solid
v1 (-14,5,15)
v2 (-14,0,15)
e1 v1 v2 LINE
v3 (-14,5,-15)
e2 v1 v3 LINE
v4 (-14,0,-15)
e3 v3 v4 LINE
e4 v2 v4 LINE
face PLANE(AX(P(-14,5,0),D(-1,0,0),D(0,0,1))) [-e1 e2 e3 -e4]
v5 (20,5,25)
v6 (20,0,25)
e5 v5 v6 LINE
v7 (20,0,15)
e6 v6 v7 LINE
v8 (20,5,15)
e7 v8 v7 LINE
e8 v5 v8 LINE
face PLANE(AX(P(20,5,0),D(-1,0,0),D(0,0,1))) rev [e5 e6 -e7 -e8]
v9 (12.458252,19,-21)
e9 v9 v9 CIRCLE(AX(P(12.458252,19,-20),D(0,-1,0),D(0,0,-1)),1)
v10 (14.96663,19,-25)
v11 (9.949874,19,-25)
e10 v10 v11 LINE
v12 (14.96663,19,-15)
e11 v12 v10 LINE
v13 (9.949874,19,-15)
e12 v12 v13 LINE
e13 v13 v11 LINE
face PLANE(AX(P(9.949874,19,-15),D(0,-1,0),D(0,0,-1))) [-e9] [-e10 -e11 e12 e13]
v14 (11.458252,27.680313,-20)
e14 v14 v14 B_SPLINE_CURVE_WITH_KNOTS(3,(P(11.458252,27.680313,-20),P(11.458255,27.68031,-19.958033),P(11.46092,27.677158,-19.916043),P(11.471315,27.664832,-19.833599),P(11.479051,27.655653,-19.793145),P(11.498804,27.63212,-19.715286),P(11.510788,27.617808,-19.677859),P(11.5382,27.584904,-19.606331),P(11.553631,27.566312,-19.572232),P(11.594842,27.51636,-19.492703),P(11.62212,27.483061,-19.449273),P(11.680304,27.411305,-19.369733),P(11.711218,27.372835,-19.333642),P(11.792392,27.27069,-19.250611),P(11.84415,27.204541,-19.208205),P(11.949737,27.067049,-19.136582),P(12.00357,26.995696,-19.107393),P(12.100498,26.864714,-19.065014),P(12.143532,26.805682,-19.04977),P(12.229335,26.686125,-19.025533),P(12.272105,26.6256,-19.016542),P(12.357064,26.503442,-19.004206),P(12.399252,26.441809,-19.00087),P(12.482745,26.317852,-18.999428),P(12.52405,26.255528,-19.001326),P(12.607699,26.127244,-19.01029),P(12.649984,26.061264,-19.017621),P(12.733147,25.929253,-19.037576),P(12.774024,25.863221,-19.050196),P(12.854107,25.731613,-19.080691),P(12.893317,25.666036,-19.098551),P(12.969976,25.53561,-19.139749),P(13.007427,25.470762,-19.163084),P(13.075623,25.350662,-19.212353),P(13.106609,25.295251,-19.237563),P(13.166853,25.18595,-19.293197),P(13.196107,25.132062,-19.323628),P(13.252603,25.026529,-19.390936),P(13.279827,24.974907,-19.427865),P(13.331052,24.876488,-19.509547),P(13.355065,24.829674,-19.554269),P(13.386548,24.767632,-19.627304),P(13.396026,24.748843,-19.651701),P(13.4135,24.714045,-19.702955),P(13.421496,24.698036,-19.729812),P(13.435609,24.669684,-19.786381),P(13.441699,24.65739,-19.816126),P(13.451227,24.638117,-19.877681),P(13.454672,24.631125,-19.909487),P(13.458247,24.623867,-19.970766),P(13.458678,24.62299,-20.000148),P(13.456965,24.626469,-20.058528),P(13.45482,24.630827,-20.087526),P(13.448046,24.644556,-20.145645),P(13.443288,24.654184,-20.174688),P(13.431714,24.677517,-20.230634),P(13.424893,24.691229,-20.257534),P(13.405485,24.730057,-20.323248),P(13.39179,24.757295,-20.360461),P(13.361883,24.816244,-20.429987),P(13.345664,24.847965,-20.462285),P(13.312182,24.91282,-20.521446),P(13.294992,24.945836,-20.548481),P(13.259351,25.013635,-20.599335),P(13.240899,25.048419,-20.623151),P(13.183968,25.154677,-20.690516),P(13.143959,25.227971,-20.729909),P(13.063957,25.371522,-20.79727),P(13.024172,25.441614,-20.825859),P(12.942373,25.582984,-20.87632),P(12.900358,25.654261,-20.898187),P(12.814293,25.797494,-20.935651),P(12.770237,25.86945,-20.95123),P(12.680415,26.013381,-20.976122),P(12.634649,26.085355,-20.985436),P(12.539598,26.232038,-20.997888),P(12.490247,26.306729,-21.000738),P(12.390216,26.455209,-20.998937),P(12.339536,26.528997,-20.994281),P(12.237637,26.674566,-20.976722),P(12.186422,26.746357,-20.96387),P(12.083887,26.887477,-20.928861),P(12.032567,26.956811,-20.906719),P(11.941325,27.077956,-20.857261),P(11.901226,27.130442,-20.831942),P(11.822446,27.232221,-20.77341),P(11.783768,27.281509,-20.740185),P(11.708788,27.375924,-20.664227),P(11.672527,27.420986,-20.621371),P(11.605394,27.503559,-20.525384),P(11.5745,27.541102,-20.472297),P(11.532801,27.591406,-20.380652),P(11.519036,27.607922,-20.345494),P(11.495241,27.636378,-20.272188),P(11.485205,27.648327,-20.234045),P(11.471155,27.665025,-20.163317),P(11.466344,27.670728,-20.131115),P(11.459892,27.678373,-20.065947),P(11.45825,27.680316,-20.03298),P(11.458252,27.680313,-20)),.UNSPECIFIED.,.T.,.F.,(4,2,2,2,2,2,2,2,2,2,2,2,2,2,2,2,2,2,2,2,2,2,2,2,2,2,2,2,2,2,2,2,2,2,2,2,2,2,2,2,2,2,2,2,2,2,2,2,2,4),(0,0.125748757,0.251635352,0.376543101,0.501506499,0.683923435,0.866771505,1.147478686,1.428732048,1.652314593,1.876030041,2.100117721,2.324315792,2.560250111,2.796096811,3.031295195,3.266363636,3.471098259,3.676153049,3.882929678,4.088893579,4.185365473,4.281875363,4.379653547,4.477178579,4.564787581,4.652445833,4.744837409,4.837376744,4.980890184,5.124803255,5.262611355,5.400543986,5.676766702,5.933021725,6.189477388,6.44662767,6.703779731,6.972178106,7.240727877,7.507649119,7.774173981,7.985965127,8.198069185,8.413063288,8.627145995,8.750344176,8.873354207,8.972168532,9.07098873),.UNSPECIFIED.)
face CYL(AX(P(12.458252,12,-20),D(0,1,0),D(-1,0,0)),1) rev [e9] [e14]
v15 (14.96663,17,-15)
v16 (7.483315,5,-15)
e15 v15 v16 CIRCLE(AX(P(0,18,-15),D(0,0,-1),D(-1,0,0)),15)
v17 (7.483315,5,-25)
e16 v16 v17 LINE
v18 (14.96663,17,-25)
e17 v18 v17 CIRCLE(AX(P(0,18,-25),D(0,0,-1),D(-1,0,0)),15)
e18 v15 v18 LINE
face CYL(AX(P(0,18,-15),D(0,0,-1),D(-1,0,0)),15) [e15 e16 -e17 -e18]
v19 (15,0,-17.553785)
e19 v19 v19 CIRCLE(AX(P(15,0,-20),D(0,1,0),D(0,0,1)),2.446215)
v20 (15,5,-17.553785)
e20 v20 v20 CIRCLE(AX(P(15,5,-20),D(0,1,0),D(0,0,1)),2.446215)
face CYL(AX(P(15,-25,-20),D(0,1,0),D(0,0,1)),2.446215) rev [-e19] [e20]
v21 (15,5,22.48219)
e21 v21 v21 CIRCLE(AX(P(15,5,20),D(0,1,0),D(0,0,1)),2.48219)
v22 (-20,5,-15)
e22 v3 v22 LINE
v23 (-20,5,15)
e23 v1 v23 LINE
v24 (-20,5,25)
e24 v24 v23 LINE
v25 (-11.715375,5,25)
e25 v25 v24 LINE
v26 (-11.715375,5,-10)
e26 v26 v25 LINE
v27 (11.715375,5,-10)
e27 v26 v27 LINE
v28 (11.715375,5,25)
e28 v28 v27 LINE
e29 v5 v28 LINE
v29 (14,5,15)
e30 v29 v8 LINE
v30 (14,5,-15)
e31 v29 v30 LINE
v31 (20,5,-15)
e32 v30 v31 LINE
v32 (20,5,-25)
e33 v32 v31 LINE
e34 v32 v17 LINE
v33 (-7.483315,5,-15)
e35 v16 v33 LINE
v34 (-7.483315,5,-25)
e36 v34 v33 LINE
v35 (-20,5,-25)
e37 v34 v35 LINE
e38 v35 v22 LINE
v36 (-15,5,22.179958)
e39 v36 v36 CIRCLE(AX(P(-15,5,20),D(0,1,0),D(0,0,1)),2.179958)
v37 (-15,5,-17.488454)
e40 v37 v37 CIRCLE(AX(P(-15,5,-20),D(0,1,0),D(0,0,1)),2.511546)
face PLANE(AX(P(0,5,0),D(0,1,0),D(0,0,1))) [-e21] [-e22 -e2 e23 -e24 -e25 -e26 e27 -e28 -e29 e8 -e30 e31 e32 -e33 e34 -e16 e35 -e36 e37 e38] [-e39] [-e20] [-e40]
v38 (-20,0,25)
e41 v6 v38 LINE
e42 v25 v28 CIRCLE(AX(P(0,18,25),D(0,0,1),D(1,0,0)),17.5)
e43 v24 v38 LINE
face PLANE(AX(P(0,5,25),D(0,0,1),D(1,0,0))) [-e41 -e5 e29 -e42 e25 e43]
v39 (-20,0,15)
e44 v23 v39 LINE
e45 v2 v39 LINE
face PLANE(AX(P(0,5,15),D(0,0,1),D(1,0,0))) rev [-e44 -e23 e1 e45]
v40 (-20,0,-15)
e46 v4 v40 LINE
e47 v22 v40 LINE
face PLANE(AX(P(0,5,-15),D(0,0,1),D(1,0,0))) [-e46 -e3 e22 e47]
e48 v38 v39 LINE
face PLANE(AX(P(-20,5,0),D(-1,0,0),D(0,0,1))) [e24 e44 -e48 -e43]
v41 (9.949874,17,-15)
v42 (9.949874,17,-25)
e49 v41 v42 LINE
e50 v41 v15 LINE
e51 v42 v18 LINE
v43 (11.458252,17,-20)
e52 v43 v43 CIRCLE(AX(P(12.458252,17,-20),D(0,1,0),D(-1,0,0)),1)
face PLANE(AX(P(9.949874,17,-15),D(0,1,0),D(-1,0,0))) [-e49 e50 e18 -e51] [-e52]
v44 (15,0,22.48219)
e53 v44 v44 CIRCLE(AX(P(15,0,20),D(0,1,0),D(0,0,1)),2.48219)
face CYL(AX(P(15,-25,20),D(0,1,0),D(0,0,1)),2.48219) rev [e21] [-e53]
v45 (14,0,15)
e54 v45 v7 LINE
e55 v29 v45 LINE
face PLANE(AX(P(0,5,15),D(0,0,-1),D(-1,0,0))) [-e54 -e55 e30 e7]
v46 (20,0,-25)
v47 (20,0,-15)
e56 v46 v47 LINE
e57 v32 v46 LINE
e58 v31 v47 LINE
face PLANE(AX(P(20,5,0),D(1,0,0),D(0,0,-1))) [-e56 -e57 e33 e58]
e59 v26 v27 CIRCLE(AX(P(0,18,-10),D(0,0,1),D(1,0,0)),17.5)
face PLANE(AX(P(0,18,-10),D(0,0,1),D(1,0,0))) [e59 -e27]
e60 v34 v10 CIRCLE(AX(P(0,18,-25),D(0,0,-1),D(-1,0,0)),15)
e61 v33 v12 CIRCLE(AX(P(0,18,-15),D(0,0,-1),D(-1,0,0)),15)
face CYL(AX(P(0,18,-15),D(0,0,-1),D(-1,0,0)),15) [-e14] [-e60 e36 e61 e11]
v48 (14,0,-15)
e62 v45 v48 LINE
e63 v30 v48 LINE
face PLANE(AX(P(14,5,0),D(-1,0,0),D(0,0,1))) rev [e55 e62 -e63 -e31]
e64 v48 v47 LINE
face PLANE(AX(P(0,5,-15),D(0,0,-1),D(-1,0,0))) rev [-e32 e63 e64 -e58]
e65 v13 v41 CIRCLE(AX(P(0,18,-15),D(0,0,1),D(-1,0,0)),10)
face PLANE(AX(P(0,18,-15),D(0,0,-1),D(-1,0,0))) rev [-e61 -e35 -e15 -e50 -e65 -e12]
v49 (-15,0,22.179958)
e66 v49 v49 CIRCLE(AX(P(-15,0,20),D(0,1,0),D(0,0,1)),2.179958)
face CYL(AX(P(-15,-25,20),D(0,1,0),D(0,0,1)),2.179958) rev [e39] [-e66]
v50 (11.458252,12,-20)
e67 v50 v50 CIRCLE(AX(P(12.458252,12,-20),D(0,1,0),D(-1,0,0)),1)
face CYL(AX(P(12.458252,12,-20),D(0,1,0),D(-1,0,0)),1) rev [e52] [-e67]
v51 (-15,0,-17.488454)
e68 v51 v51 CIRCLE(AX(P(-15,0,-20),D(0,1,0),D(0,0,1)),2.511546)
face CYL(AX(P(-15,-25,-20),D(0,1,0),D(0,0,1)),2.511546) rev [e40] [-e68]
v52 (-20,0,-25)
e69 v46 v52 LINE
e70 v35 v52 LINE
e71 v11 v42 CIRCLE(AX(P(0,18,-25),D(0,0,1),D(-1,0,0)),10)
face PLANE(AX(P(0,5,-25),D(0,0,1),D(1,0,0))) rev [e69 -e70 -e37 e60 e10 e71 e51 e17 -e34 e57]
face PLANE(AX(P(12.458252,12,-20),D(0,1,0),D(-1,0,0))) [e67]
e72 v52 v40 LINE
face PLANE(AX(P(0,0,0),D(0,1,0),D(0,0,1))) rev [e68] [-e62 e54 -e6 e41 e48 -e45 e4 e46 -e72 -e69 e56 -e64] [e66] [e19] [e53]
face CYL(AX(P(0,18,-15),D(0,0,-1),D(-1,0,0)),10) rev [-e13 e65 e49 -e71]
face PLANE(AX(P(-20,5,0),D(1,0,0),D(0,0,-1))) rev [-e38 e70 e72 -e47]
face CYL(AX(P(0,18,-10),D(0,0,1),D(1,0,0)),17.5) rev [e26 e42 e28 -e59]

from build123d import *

# Parameters (mm, degrees)
SKETCH1_W               = 6
SKETCH1_H               = 10
SKETCH1_W_2             = 28
SKETCH1_H_2             = 50
BOSS_EXTRUDE1_DEPTH     = 5
BOSS_EXTRUDE2_DEPTH     = 10
SKETCH4_R               = 17.5
CUT_EXTRUDE1_DEPTH      = 35
CUT_EXTRUDE2_DEPTH      = 30
CUT_EXTRUDE2_DEPTH_BACK = 5
SKETCH6_R               = 1
SKETCH5_R               = 2.179957699
SKETCH5_R_2             = 2.482189609
SKETCH5_R_3             = 2.446214892
SKETCH5_R_4             = 2.511545909
CUT_EXTRUDE3_DEPTH      = 30


with BuildPart() as part:
    # Sketch1 → Boss-Extrude1 (new body)
    with BuildSketch(Plane(origin=(0, 0, 0), x_dir=(1, 0, 0), z_dir=(0, 1, 0))):
        with Locations((-17, -20)):
            Rectangle(SKETCH1_W, SKETCH1_H)
        Rectangle(SKETCH1_W_2, SKETCH1_H_2)
        with Locations((-17, 20)):
            Rectangle(SKETCH1_W, SKETCH1_H)
        with Locations((17, 20)):
            Rectangle(SKETCH1_W, SKETCH1_H)
        with Locations((17, -20)):
            Rectangle(SKETCH1_W, SKETCH1_H)
    extrude(amount=BOSS_EXTRUDE1_DEPTH)

    # Sketch2 → Boss-Extrude2 (add)
    with BuildSketch(Plane(origin=(0, 0, -25), x_dir=(-1, 0, 0), z_dir=(0, 0, -1))):
        with BuildLine():
            Line((-9.949874371, 19), (-14.966629547, 19))
            ThreePointArc((-14.966629547, 19), (15, 18), (-14.966629547, 17))
            Line((-14.966629547, 17), (-9.949874371, 17))
            ThreePointArc((-9.949874371, 17), (10, 18), (-9.949874371, 19))
        make_face()
    extrude(amount=-BOSS_EXTRUDE2_DEPTH)

    # Sketch4 → Cut-Extrude1 (cut)
    with BuildSketch(Plane.XY.offset(25)):
        with Locations((0, 18)):
            Circle(SKETCH4_R)
    extrude(amount=-CUT_EXTRUDE1_DEPTH, mode=Mode.SUBTRACT)

    # Sketch6 → Cut-Extrude2 (cut, two sides: drawn at the far end of the back side and taken through both)
    with BuildSketch(Plane(origin=(0, 17, 0), x_dir=(1, 0, 0), z_dir=(0, 1, 0)).offset(-CUT_EXTRUDE2_DEPTH_BACK)):
        with Locations(Location((12.458251959, 20, 0), (0, 0, 180))):
            Circle(SKETCH6_R)
    extrude(amount=CUT_EXTRUDE2_DEPTH + CUT_EXTRUDE2_DEPTH_BACK, mode=Mode.SUBTRACT)

    # Sketch5 → Cut-Extrude3 (cut)
    with BuildSketch(Plane(origin=(0, 5, 0), x_dir=(1, 0, 0), z_dir=(0, 1, 0))):
        with Locations(Location((-15, -20, 0), (0, 0, 270))):
            Circle(SKETCH5_R)
        with Locations(Location((15, -20, 0), (0, 0, 270))):
            Circle(SKETCH5_R_2)
        with Locations(Location((15, 20, 0), (0, 0, 270))):
            Circle(SKETCH5_R_3)
        with Locations(Location((-15, 20, 0), (0, 0, 270))):
            Circle(SKETCH5_R_4)
    extrude(amount=-CUT_EXTRUDE3_DEPTH, mode=Mode.SUBTRACT)


solid = part.part
